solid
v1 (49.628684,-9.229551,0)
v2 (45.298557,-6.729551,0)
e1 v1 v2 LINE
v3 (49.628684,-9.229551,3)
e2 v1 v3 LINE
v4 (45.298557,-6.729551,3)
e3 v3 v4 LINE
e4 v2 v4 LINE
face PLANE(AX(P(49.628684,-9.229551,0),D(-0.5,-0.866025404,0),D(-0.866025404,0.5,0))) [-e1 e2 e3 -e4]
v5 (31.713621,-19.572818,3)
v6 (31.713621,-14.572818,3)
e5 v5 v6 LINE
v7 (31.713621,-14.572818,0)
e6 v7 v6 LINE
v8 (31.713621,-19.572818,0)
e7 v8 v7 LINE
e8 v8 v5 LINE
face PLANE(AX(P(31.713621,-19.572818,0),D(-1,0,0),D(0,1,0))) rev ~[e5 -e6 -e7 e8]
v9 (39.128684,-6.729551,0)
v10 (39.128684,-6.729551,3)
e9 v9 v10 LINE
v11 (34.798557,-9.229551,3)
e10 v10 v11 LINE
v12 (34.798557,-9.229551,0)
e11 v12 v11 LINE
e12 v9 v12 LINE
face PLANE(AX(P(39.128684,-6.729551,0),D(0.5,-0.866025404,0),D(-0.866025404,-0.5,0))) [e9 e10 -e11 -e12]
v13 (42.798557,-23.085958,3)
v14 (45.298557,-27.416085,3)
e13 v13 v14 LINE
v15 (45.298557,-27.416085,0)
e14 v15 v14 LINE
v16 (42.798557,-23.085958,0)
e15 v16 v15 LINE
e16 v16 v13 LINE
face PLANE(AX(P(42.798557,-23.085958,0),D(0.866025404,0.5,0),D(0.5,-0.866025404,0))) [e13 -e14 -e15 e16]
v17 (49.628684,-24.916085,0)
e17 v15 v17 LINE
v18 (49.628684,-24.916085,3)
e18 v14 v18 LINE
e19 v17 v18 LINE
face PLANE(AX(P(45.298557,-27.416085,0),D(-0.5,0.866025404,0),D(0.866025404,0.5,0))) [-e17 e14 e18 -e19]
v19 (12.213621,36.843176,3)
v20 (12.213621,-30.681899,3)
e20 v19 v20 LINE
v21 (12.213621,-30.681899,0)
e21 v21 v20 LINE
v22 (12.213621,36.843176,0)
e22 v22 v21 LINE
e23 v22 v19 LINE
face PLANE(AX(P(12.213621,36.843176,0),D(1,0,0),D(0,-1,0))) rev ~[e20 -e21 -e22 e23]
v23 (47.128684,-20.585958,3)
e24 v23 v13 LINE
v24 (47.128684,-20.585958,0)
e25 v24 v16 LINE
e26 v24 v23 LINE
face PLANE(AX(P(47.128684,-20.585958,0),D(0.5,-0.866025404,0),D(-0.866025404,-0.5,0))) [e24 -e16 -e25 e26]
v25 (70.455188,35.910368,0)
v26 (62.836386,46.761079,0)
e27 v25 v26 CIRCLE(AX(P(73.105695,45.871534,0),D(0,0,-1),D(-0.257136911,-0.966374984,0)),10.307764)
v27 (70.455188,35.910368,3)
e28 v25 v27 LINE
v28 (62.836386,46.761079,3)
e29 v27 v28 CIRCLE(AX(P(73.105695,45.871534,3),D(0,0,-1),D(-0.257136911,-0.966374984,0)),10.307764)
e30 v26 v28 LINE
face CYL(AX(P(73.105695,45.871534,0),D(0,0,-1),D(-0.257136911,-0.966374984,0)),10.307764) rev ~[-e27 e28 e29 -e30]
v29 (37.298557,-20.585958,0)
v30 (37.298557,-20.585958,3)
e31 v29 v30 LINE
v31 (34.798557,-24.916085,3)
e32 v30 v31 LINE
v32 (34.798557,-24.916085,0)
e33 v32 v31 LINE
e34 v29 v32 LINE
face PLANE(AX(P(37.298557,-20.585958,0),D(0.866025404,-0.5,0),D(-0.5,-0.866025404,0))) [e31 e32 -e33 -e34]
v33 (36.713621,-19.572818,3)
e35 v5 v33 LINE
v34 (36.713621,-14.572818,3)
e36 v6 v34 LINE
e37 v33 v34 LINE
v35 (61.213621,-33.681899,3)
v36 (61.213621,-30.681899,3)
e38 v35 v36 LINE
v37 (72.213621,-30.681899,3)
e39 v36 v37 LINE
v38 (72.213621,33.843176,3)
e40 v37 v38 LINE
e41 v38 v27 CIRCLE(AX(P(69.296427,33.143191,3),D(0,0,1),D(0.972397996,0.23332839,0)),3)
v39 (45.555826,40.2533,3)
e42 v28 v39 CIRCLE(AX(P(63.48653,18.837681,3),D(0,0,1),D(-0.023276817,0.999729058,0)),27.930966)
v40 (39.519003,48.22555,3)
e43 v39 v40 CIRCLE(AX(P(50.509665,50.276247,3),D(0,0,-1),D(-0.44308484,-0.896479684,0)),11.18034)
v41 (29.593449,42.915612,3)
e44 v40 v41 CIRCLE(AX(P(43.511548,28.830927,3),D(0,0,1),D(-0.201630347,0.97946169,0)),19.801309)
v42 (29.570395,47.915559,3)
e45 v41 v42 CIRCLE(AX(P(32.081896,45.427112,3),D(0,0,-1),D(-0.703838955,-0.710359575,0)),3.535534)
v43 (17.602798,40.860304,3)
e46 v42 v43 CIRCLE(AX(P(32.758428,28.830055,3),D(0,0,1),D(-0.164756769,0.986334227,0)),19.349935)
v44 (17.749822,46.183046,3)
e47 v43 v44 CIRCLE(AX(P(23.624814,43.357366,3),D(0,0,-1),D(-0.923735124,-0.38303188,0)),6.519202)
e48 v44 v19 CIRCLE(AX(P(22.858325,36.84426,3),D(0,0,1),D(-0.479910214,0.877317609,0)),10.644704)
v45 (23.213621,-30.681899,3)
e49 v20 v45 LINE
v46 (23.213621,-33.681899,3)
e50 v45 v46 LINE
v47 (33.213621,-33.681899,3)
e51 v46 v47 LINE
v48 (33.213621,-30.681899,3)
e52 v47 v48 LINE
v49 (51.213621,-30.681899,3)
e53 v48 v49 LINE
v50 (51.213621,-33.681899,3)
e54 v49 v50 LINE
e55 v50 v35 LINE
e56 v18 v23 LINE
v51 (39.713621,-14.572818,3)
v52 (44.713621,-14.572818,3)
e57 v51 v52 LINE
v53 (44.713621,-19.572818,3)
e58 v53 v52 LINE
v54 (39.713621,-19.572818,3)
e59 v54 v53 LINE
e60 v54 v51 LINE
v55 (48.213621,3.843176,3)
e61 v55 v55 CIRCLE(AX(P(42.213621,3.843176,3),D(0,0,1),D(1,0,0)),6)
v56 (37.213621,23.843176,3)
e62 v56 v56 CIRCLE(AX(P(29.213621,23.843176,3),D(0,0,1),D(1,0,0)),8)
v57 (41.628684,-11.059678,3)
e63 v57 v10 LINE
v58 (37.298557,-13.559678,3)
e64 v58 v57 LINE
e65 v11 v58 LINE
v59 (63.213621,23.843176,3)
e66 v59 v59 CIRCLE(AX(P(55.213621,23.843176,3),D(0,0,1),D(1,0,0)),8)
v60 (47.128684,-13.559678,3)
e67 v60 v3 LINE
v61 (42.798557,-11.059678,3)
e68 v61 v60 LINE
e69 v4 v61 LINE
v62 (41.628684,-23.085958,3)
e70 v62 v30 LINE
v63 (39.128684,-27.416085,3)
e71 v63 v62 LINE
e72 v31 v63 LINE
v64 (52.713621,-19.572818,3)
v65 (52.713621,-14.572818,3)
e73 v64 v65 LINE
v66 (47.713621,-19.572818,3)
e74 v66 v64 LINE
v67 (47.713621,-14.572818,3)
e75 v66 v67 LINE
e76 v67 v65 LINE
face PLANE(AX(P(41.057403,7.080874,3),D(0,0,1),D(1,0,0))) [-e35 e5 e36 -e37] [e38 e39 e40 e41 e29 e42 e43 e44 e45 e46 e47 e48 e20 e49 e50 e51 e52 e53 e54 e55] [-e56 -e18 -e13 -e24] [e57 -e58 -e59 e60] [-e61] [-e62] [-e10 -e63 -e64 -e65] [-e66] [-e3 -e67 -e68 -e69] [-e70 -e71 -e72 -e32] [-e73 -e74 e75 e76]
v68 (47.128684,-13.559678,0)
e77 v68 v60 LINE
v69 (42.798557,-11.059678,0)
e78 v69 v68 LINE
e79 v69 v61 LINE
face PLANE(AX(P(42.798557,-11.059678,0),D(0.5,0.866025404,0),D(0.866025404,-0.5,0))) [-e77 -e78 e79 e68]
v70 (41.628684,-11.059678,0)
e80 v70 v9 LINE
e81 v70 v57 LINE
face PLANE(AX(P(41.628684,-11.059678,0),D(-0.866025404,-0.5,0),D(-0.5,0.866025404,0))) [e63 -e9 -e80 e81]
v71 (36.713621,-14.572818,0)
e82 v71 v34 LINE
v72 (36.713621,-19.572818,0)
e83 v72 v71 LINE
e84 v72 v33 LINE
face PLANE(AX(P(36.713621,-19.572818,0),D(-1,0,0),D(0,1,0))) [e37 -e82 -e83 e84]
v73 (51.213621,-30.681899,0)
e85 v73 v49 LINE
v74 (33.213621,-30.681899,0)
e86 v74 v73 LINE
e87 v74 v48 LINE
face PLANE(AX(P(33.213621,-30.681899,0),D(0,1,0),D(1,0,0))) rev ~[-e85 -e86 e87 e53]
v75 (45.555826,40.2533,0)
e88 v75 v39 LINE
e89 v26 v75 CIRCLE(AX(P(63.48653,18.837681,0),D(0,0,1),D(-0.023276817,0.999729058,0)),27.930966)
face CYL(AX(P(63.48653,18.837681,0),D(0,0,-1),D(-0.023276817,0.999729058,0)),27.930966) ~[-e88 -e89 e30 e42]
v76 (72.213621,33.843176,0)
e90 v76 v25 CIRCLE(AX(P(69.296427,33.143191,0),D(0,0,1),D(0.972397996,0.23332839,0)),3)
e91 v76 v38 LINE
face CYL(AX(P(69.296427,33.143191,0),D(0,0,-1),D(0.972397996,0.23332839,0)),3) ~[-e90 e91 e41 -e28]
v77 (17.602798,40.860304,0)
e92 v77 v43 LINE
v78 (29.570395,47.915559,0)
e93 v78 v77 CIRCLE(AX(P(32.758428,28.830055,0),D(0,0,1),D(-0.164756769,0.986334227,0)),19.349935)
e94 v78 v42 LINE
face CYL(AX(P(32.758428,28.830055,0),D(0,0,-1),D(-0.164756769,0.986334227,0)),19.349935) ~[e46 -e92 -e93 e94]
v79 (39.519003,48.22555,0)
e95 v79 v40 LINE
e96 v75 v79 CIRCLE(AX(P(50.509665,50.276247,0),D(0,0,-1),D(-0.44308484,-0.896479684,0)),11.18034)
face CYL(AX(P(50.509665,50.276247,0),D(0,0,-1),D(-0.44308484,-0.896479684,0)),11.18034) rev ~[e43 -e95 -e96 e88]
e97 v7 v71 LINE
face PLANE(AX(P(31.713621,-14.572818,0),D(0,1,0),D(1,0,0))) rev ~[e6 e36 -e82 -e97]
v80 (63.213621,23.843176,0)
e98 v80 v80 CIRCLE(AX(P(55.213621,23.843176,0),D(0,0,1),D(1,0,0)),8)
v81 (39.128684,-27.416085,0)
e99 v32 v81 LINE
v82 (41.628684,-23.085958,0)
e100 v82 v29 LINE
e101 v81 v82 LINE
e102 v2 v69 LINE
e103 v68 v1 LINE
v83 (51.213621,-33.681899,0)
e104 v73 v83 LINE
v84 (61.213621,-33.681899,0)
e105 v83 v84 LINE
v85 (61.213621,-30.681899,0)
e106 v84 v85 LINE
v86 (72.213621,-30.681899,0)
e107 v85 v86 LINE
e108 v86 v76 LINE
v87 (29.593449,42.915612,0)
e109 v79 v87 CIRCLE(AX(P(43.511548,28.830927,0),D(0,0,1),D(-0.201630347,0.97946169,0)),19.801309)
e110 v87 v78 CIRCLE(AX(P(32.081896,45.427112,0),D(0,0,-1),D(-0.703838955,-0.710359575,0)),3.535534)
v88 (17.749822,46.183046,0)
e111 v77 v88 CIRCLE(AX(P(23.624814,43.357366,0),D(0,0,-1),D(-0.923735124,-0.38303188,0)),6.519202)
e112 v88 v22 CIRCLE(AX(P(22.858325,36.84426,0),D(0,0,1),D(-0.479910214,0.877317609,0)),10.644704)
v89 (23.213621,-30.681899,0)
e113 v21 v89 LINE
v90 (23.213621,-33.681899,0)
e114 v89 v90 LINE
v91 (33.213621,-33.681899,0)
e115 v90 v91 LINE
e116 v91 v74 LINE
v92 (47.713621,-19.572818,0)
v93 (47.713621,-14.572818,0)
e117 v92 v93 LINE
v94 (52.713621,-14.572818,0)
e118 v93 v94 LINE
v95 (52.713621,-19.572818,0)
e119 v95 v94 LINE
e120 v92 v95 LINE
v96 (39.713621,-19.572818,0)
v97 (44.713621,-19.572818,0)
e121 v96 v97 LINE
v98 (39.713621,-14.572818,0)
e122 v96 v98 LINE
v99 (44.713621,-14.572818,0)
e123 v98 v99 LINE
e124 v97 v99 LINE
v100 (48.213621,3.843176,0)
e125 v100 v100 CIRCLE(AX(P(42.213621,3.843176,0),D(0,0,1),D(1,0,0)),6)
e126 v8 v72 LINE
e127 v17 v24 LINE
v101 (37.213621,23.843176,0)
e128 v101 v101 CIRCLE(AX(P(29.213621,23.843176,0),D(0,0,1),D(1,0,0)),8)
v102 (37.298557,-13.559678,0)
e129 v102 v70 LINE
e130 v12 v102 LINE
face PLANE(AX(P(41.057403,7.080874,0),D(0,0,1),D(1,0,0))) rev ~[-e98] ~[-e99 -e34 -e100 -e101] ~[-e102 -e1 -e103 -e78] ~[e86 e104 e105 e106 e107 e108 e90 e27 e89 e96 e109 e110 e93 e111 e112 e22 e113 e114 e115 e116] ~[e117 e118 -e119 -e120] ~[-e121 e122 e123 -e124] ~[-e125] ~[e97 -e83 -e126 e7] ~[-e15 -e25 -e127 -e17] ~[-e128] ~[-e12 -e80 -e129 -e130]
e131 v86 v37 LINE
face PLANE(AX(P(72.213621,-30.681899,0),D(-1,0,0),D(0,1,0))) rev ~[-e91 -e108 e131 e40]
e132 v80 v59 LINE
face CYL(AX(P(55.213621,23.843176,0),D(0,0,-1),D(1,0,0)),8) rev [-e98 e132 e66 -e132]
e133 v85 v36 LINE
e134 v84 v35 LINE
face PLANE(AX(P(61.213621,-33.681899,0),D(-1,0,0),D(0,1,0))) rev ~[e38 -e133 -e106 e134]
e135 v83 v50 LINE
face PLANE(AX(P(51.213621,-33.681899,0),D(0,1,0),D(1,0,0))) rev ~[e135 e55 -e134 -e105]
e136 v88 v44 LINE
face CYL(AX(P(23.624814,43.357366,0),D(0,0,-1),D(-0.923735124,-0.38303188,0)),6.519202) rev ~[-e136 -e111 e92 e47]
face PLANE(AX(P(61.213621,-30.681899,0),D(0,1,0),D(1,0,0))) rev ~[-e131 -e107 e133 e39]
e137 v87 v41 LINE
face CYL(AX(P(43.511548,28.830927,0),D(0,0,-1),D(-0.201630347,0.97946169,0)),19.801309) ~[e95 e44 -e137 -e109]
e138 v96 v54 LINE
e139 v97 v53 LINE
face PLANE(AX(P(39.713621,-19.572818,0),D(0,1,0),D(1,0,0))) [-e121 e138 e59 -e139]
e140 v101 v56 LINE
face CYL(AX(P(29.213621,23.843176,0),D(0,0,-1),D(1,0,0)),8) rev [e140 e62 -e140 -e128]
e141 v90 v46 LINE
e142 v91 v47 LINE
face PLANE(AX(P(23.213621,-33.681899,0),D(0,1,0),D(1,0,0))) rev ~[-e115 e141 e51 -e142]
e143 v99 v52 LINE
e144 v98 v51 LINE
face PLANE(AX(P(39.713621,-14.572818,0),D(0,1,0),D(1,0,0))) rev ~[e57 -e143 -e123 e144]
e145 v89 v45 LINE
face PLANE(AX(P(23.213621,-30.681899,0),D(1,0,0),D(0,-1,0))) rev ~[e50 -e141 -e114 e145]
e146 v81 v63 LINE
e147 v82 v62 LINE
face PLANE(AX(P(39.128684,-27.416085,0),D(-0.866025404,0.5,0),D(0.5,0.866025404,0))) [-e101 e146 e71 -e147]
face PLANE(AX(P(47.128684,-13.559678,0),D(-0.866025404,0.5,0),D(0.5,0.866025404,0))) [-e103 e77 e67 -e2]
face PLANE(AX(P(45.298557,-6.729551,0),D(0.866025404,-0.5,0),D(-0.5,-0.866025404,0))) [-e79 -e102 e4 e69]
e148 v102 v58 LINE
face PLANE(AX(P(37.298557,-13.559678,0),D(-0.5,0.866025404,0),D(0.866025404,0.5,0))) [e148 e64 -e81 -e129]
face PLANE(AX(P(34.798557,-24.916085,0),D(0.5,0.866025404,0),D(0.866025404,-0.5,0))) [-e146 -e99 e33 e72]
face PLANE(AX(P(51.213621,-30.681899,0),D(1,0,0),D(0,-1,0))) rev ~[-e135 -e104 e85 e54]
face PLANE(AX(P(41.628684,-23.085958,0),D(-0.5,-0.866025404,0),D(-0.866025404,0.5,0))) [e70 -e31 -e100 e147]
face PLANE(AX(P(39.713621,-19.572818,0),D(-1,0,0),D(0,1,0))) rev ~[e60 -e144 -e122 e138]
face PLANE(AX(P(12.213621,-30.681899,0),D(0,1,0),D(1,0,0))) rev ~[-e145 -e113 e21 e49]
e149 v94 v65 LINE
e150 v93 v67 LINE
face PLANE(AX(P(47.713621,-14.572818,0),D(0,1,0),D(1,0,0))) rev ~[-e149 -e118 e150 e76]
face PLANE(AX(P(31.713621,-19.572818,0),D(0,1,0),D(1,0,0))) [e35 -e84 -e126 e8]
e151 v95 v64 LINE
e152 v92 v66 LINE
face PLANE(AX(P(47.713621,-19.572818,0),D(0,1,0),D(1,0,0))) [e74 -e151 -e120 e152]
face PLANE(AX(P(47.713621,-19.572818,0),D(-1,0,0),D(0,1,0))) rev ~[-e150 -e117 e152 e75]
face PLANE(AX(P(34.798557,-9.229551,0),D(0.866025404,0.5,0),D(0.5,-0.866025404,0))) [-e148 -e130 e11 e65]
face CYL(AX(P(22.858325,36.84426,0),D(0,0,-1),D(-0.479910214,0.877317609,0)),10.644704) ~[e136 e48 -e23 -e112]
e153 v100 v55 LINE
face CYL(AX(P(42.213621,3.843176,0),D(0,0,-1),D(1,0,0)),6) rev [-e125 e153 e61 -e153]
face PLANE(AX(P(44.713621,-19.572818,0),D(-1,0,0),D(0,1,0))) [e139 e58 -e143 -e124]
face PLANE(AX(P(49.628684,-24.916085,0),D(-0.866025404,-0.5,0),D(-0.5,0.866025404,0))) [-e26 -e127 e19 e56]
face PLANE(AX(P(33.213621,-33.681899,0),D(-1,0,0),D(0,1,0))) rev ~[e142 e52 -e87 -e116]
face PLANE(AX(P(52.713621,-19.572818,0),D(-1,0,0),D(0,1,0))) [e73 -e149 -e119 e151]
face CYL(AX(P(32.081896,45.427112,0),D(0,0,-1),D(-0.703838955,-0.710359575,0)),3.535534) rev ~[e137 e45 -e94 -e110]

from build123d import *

# Parameters (mm, degrees)
MODEL_R                 = 8
MODEL_R_2               = 6
MODEL_W                 = 5
MODEL_H                 = 5
SALIENTE_EXTRUIR1_DEPTH = 3


with BuildPart() as part:
    # Model → Saliente-Extruir1 (new body)
    with BuildSketch(Plane.XY):
        with BuildLine():
            Line((61.213620508, -33.681899018), (61.213620508, -30.681899018))
            Line((61.213620508, -30.681899018), (72.213620508, -30.681899018))
            Line((72.213620508, -30.681899018), (72.213620508, 33.843176043))
            ThreePointArc((72.213620508, 33.843176043), (71.581524876, 35.086982401), (70.455188077, 35.910368434))
            ThreePointArc((70.455188077, 35.910368434), (64.669766101, 39.948265328), (62.836385617, 46.76107934))
            ThreePointArc((62.836385617, 46.76107934), (53.642761225, 44.976523513), (45.555825702, 40.25329974))
            ThreePointArc((45.555825702, 40.25329974), (41.596417991, 43.526874671), (39.519003289, 48.225550059))
            ThreePointArc((39.519003289, 48.225550059), (34.170956472, 46.290742797), (29.593449084, 42.915611688))
            ThreePointArc((29.593449084, 42.915611688), (28.54639925, 45.410810501), (29.570395214, 47.91555854))
            ThreePointArc((29.570395214, 47.91555854), (22.931595109, 45.498988779), (17.602798188, 40.860303661))
            ThreePointArc((17.602798188, 40.860303661), (17.108097579, 43.537370136), (17.749822475, 46.183046374))
            ThreePointArc((17.749822475, 46.183046374), (13.701405336, 42.272017764), (12.213620508, 36.843176043))
            Line((12.213620508, 36.843176043), (12.213620508, -30.681899018))
            Line((12.213620508, -30.681899018), (23.213620508, -30.681899018))
            Line((23.213620508, -30.681899018), (23.213620508, -33.681899018))
            Line((23.213620508, -33.681899018), (33.213620508, -33.681899018))
            Line((33.213620508, -33.681899018), (33.213620508, -30.681899018))
            Line((33.213620508, -30.681899018), (51.213620508, -30.681899018))
            Line((51.213620508, -30.681899018), (51.213620508, -33.681899018))
            Line((51.213620508, -33.681899018), (61.213620508, -33.681899018))
        make_face()
        with Locations((55.213620508, 23.843176043)):
            Circle(MODEL_R, mode=Mode.SUBTRACT)
        with Locations((29.213620508, 23.843176043)):
            Circle(MODEL_R, mode=Mode.SUBTRACT)
        with Locations((42.213620508, 3.843176043)):
            Circle(MODEL_R_2, mode=Mode.SUBTRACT)
        Polygon((47.128684017, -13.559678303), (49.628684017, -9.229551284), (45.298556998, -6.729551284), (42.798556998, -11.059678303), align=None, mode=Mode.SUBTRACT)
        Polygon((34.798556998, -9.229551284), (37.298556998, -13.559678303), (41.628684017, -11.059678303), (39.128684017, -6.729551284), align=None, mode=Mode.SUBTRACT)
        with Locations((50.213620508, -17.072818024)):
            Rectangle(MODEL_W, MODEL_H, mode=Mode.SUBTRACT)
        with Locations((42.213620508, -17.072818024)):
            Rectangle(MODEL_W, MODEL_H, mode=Mode.SUBTRACT)
        Polygon((49.628684017, -24.916084764), (47.128684017, -20.585957745), (42.798556998, -23.085957745), (45.298556998, -27.416084764), align=None, mode=Mode.SUBTRACT)
        with Locations((34.213620508, -17.072818024)):
            Rectangle(MODEL_W, MODEL_H, mode=Mode.SUBTRACT)
        Polygon((37.298556998, -20.585957745), (34.798556998, -24.916084764), (39.128684017, -27.416084764), (41.628684017, -23.085957745), align=None, mode=Mode.SUBTRACT)
    extrude(amount=SALIENTE_EXTRUIR1_DEPTH)


solid = part.part
